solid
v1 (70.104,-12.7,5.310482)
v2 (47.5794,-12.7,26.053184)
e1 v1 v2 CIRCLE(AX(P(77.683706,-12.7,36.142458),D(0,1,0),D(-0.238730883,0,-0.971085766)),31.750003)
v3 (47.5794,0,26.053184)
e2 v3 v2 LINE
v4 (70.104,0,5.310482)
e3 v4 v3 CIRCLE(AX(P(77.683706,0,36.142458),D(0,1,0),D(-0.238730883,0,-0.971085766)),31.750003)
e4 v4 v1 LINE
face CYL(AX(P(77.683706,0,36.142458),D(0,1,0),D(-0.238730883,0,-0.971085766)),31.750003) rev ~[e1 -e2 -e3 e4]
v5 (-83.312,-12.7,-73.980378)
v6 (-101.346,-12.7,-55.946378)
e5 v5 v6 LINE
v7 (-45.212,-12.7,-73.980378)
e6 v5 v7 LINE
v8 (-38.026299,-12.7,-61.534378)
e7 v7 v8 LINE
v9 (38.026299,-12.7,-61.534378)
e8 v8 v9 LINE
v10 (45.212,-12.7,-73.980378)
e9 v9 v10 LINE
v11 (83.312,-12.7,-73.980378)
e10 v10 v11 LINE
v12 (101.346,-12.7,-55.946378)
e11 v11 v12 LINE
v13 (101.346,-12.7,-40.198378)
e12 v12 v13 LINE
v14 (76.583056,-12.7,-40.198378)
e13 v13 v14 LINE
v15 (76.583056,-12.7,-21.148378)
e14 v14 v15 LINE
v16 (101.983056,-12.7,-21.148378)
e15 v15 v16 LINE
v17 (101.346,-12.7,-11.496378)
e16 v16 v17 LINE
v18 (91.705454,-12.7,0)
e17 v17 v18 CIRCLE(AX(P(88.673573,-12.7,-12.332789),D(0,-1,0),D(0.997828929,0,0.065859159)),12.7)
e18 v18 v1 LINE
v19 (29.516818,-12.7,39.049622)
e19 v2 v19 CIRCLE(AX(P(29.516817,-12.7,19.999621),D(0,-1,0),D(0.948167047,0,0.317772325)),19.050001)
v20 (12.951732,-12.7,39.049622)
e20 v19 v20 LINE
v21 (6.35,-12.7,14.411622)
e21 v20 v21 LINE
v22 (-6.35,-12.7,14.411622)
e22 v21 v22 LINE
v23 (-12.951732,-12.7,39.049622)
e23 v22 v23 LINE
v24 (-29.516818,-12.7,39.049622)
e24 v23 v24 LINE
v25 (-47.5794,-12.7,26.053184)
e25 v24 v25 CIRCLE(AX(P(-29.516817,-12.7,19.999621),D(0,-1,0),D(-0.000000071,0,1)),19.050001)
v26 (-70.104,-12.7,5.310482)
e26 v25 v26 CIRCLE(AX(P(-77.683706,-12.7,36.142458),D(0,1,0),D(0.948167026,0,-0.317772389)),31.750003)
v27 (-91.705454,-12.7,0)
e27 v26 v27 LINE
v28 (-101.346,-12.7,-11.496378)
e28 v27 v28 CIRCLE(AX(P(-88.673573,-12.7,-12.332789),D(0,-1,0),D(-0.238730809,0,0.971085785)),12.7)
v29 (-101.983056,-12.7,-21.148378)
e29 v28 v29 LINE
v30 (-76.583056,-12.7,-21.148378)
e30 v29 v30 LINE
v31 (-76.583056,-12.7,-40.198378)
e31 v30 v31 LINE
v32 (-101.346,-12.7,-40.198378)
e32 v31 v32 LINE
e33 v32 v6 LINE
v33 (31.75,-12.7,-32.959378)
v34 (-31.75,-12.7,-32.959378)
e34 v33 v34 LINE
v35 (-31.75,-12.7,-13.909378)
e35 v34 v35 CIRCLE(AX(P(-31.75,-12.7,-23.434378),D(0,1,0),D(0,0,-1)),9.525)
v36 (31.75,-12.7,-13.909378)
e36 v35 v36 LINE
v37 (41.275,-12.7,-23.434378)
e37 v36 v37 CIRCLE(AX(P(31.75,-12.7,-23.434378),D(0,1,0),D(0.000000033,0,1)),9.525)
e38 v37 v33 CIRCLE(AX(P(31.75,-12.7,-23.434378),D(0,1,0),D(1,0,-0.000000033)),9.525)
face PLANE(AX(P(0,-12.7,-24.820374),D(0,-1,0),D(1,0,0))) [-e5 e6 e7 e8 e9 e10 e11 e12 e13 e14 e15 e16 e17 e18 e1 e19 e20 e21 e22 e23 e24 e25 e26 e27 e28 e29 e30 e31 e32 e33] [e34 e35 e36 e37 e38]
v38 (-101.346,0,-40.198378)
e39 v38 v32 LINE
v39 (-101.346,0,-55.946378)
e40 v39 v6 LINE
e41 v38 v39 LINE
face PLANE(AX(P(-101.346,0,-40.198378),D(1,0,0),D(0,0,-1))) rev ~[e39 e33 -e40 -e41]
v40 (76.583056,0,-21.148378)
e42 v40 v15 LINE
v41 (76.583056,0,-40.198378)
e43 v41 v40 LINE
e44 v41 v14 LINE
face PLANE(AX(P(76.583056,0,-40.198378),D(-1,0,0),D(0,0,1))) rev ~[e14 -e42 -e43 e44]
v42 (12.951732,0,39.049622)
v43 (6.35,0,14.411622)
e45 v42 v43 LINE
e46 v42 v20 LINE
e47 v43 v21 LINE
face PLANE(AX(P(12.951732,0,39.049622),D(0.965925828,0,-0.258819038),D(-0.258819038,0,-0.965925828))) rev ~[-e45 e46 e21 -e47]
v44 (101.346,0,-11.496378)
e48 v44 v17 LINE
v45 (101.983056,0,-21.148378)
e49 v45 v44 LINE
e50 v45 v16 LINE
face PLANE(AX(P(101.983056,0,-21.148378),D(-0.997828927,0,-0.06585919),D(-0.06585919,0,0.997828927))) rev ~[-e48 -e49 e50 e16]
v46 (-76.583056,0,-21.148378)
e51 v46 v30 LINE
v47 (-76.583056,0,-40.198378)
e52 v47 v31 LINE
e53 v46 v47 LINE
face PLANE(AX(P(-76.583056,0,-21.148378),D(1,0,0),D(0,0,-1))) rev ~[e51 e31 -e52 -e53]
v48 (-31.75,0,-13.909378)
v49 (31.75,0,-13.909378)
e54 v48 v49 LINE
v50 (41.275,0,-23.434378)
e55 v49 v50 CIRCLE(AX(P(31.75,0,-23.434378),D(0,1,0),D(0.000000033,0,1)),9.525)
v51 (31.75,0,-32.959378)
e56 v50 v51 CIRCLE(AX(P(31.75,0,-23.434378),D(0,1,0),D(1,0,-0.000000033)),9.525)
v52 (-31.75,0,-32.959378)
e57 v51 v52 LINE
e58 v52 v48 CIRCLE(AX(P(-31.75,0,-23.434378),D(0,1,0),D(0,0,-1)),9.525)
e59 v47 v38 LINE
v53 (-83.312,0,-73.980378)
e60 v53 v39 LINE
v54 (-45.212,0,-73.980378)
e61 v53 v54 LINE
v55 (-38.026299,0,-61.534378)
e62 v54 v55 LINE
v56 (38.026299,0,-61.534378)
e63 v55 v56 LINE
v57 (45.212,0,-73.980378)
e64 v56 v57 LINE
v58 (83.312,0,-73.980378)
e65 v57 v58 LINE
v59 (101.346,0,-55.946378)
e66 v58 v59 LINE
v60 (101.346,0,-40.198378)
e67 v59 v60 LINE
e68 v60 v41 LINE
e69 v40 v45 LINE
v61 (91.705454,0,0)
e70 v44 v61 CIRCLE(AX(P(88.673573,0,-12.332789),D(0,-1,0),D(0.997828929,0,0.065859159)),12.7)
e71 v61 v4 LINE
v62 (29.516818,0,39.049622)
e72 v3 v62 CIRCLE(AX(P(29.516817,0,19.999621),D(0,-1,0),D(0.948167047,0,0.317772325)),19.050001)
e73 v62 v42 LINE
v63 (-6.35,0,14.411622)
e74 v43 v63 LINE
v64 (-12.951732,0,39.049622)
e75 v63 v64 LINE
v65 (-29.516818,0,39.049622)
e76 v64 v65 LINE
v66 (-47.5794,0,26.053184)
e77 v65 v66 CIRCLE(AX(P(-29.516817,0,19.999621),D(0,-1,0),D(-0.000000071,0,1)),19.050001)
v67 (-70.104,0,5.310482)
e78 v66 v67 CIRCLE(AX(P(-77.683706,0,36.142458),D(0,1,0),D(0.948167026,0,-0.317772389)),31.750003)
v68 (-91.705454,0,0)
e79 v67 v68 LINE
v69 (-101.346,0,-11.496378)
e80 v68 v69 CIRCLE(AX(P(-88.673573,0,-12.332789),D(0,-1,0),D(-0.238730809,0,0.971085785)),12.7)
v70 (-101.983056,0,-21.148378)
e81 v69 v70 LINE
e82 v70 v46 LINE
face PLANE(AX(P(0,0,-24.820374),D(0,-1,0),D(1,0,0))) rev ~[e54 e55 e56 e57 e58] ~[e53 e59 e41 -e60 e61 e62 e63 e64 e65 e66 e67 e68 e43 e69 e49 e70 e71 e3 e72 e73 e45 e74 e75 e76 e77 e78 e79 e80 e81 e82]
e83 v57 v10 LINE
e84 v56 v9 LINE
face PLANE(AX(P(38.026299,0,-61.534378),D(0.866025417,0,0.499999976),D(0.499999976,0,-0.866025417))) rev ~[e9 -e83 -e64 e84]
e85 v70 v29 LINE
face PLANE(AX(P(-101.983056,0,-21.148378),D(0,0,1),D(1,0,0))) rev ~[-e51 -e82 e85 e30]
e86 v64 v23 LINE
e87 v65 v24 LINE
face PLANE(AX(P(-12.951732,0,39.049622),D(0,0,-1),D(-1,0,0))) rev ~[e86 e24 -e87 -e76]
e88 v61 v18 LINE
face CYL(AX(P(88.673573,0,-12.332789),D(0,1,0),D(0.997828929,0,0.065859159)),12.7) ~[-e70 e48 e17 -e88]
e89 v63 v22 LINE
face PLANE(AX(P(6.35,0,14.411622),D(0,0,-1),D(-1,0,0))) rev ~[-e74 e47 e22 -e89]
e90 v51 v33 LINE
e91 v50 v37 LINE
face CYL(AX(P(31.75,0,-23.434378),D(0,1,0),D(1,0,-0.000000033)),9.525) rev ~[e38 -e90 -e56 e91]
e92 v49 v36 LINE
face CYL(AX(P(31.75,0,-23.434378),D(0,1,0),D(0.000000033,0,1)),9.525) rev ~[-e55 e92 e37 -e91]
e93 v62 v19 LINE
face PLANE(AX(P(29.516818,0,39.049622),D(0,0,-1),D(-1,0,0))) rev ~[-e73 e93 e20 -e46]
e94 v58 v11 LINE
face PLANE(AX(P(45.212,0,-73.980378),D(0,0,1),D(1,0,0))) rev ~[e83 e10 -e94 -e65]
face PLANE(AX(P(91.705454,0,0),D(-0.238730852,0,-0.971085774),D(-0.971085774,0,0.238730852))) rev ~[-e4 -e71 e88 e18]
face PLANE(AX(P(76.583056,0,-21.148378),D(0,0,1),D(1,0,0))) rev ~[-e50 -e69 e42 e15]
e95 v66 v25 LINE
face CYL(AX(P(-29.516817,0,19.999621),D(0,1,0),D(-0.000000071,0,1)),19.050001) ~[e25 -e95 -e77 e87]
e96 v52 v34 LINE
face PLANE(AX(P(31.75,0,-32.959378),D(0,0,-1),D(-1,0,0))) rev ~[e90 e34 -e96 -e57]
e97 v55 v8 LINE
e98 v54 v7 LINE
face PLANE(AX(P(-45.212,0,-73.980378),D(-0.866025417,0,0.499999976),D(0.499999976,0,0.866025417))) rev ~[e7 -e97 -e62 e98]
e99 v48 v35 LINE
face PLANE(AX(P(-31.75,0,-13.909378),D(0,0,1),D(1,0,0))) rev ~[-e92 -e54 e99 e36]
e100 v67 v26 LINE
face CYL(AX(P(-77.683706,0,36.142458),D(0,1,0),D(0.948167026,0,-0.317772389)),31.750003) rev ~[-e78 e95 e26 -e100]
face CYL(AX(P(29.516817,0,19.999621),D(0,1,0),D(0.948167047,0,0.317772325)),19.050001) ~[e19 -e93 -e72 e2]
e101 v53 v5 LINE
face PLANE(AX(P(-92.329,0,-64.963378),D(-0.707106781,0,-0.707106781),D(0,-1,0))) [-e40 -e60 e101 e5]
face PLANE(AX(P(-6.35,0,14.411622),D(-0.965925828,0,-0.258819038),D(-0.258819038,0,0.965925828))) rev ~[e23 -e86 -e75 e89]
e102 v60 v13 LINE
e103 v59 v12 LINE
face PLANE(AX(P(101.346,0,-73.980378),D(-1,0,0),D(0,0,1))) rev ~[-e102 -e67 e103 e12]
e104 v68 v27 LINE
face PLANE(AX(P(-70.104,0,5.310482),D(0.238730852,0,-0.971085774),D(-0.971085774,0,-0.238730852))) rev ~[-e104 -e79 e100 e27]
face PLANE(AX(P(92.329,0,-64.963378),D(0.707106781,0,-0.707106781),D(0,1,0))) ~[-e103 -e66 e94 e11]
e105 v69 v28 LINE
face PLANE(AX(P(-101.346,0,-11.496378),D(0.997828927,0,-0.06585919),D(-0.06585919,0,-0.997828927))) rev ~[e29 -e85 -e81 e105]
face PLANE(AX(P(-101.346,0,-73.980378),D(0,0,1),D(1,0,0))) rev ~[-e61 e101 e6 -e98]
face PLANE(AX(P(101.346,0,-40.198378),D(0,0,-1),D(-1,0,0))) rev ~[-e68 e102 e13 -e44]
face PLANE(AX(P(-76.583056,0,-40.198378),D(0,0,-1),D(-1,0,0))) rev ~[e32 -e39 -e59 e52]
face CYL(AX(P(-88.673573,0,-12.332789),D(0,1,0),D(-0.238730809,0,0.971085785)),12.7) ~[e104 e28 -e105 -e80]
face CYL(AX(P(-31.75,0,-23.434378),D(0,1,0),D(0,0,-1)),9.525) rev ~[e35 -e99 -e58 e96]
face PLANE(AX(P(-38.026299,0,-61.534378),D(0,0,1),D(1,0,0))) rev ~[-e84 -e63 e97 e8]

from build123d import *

# Parameters (mm, degrees)
F1_DEPTH = 12.7
F2_SIZE  = 18.034


with BuildPart() as f1:
    # F0 (on Front) → F1 (new body)
    with BuildSketch(Plane.XZ):
        with BuildLine():
            Line((-45.212, -73.980378), (-38.026299, -61.534378))
            Line((-38.026299, -61.534378), (38.026299, -61.534378))
            Line((38.026299, -61.534378), (45.212, -73.980378))
            Line((45.212, -73.980378), (101.346, -73.980378))
            Line((101.346, -73.980378), (101.346, -40.198378))
            Line((101.346, -40.198378), (76.583056, -40.198378))
            Line((76.583056, -40.198378), (76.583056, -21.148378))
            Line((76.583056, -21.148378), (101.983056, -21.148378))
            Line((101.983056, -21.148378), (101.346, -11.496378))
            ThreePointArc((101.346, -11.496378), (98.404863, -4.172398), (91.705454, 0))
            Line((91.705454, 0), (70.104, 5.310482))
            ThreePointArc((70.104, 5.310482), (56.175891, 12.787018), (47.5794, 26.053184))
            ThreePointArc((47.5794, 26.053184), (40.642961, 35.46285), (29.516818, 39.049622))
            Line((29.516818, 39.049622), (12.951732, 39.049622))
            Line((12.951732, 39.049622), (6.35, 14.411622))
            Line((6.35, 14.411622), (-6.35, 14.411622))
            Line((-6.35, 14.411622), (-12.951732, 39.049622))
            Line((-12.951732, 39.049622), (-29.516818, 39.049622))
            ThreePointArc((-29.516818, 39.049622), (-40.642961, 35.46285), (-47.5794, 26.053184))
            ThreePointArc((-47.5794, 26.053184), (-56.175891, 12.787018), (-70.104, 5.310482))
            Line((-70.104, 5.310482), (-91.705454, 0))
            ThreePointArc((-91.705454, 0), (-98.404863, -4.172398), (-101.346, -11.496378))
            Line((-101.346, -11.496378), (-101.983056, -21.148378))
            Line((-101.983056, -21.148378), (-76.583056, -21.148378))
            Line((-76.583056, -21.148378), (-76.583056, -40.198378))
            Line((-76.583056, -40.198378), (-101.346, -40.198378))
            Line((-101.346, -40.198378), (-101.346, -73.980378))
            Line((-101.346, -73.980378), (-45.212, -73.980378))
        make_face()
        with BuildLine():
            ThreePointArc((41.275, -23.434378), (38.485192, -30.16957), (31.75, -32.959378))
            Line((31.75, -32.959378), (-31.75, -32.959378))
            ThreePointArc((-31.75, -32.959378), (-41.275, -23.434378), (-31.75, -13.909378))
            Line((-31.75, -13.909378), (31.75, -13.909378))
            ThreePointArc((31.75, -13.909378), (38.485192, -16.699186), (41.275, -23.434378))
        make_face(mode=Mode.SUBTRACT)
    extrude(amount=F1_DEPTH)

    # F2
    f2_edges = [f1.edges().sort_by_distance(p)[0] for p in [
        (-101.346, -6.35, -73.980378),
        (101.346, -6.35, -73.980378),
    ]]
    chamfer(f2_edges, length=F2_SIZE)


solid = f1.part
